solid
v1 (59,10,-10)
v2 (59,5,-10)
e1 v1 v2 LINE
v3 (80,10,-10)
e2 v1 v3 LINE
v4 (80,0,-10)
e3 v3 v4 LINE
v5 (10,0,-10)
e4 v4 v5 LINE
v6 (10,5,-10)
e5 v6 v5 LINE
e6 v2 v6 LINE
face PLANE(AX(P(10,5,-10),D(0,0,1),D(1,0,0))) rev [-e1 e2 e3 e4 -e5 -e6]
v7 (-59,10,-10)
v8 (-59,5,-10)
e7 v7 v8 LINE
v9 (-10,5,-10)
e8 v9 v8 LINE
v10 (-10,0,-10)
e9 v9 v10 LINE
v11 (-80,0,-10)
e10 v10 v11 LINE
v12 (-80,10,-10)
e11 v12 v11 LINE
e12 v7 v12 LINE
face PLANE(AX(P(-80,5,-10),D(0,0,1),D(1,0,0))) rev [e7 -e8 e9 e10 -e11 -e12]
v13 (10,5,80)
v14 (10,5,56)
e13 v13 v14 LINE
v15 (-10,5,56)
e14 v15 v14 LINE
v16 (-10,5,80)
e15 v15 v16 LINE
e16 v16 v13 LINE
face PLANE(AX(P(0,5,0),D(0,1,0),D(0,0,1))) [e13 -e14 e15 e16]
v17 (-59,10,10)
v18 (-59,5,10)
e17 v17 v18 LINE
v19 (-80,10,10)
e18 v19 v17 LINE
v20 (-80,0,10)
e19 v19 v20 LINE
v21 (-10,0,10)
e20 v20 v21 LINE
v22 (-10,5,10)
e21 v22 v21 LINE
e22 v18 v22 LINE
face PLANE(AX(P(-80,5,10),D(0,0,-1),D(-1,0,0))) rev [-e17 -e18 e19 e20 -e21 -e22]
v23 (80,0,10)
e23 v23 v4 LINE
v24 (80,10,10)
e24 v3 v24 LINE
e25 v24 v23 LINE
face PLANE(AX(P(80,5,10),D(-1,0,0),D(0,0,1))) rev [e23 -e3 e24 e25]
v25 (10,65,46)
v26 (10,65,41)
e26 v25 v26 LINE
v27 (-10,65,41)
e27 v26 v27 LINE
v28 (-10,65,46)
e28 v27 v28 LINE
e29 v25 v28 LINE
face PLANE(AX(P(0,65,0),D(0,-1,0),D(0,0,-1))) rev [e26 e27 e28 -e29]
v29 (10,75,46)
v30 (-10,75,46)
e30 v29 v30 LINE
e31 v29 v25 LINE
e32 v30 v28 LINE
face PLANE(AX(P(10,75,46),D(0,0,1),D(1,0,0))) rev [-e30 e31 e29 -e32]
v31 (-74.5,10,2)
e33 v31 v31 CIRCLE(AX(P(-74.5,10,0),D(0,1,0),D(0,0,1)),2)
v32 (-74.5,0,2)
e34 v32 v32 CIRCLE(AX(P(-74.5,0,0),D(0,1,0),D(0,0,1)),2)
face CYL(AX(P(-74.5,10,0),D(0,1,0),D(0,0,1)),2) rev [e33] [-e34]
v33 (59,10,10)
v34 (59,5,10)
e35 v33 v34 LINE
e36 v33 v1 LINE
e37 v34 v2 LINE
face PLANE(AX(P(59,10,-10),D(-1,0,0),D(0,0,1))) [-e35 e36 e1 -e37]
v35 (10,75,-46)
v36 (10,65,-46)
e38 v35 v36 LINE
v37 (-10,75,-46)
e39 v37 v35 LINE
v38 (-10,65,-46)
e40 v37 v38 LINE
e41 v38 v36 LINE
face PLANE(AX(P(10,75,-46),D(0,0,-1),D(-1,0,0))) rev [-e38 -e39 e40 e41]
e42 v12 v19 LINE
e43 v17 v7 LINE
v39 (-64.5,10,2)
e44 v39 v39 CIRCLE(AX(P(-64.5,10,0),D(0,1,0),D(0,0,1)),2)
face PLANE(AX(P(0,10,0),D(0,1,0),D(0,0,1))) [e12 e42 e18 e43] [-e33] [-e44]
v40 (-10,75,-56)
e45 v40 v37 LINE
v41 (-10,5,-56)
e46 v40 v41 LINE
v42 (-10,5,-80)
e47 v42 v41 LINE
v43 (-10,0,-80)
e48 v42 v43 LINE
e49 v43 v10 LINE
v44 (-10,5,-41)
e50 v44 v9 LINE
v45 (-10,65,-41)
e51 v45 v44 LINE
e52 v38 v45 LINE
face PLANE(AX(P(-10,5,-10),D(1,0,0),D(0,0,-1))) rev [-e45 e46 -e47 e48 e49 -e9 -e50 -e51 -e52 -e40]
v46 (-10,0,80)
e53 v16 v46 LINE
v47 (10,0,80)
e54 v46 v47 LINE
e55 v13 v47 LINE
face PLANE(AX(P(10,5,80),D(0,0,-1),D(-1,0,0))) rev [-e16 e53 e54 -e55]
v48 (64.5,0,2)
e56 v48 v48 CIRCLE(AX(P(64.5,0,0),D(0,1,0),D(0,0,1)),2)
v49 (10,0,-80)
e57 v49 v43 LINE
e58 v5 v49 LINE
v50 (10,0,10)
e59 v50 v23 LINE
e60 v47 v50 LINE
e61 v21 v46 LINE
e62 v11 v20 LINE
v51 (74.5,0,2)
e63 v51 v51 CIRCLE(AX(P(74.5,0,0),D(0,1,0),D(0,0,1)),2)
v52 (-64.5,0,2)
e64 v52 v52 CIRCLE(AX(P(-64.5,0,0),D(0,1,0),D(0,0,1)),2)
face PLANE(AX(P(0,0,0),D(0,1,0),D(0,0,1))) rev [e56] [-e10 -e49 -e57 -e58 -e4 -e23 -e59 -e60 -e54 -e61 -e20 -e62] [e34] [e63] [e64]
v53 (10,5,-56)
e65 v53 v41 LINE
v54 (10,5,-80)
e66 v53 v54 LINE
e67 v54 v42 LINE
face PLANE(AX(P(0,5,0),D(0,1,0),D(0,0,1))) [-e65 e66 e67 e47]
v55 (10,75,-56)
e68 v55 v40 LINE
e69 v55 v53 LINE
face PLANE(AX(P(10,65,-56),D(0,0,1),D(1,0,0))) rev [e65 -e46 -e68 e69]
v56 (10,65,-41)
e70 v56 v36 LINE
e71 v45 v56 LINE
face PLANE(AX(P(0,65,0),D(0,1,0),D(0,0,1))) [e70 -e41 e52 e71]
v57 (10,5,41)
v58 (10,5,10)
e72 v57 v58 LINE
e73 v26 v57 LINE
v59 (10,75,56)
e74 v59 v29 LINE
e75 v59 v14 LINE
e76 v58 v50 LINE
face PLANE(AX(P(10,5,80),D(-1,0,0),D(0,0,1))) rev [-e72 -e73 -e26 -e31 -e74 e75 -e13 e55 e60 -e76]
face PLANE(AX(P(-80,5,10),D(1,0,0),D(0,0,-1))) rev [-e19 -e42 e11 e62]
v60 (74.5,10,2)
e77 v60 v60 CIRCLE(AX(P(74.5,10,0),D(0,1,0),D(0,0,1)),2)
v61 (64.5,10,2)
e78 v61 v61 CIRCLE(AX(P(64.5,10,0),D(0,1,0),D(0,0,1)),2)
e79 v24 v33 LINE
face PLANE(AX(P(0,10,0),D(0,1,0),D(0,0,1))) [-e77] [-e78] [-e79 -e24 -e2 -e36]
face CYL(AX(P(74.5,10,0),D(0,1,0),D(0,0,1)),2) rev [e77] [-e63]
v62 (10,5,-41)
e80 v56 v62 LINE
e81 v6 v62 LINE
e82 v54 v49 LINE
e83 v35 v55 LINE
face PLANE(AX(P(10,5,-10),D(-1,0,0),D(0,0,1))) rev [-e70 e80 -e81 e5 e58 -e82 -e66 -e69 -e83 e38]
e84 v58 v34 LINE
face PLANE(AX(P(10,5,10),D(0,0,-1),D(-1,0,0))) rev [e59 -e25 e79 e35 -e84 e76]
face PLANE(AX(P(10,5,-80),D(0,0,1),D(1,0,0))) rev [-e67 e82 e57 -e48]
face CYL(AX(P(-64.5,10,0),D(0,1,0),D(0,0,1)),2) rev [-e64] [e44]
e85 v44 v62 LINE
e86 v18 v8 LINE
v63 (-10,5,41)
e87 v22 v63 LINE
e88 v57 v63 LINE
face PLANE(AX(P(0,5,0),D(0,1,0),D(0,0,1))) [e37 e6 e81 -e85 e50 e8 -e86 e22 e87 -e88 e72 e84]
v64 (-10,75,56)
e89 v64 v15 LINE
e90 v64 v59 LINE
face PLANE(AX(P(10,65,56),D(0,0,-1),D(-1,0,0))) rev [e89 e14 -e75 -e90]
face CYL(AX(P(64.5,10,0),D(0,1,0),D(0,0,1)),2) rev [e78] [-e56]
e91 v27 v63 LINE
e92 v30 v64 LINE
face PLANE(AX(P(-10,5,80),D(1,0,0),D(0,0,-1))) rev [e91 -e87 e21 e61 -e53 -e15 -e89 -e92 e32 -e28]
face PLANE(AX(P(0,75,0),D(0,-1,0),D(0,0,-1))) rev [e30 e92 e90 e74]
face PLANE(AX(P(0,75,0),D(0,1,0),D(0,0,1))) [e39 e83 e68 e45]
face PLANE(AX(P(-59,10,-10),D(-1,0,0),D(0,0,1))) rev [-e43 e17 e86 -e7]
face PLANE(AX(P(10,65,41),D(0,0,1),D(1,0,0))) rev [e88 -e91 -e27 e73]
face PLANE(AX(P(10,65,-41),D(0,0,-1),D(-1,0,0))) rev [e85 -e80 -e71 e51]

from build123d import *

# Parameters (mm, degrees)
BOSS_EXTRUDE1_DEPTH            = 5
SKETCH3_W                      = 21
SKETCH3_H                      = 20
BOSS_EXTRUDE2_DEPTH            = 5
F_4_0MM_DOWEL_HOLE1_AT_2_COUNT = 2
F_4_0MM_DOWEL_HOLE1_AT_2_PITCH = 10
SKETCH15_W                     = 20
SKETCH15_H                     = 15
BOSS_EXTRUDE6_DEPTH            = 60
SKETCH16_W                     = 20
SKETCH16_H                     = 10
BOSS_EXTRUDE7_DEPTH            = 10


with BuildPart() as part:
    # Sketch2 → Boss-Extrude1 (new body)
    with BuildSketch(Plane(origin=(0, 0, 0), x_dir=(1, 0, 0), z_dir=(0, 1, 0))):
        Polygon((-80, -10), (-10, -10), (-10, -80), (10, -80), (10, -10), (80, -10), (80, 10), (10, 10), (10, 80), (-10, 80), (-10, 10), (-80, 10), align=None)
    extrude(amount=BOSS_EXTRUDE1_DEPTH)

    # Sketch3 → Boss-Extrude2 (add)
    with BuildSketch(Plane(origin=(0, 5, 0), x_dir=(1, 0, 0), z_dir=(0, 1, 0))):
        with Locations((-69.5, 0)):
            Rectangle(SKETCH3_W, SKETCH3_H)
    boss_extrude2 = extrude(amount=BOSS_EXTRUDE2_DEPTH)

    # Sketch5 → Ø4.0mm Dowel Hole1 (revolve, cut)
    with BuildSketch(Plane(origin=(-64.5, 10, 0), x_dir=(0, 0, 1), z_dir=(1, 0, 0))):
        Polygon((0, 0), (0, 118.830821238), (2, 117.6291), (2, 0), align=None)
    f_4_0mm_dowel_hole1 = revolve(axis=Axis((-64.5, 16.35, 0), (0, -1, 0)), mode=Mode.SUBTRACT)

    # Ø4.0mm Dowel Hole1 at 2: Ø4.0mm Dowel Hole1 ×2
    with Locations(*[(-i * F_4_0MM_DOWEL_HOLE1_AT_2_PITCH, 0, 0) for i in range(1, F_4_0MM_DOWEL_HOLE1_AT_2_COUNT)]):
        add(f_4_0mm_dowel_hole1, mode=Mode.SUBTRACT)

    # Mirror1: Boss-Extrude2, Ø4.0mm Dowel Hole1 across plane
    add(boss_extrude2.mirror(Plane(origin=(0, 0, 0), x_dir=(0, 0, 1), z_dir=(1, 0, 0))))
    add(f_4_0mm_dowel_hole1.mirror(Plane(origin=(0, 0, 0), x_dir=(0, 0, 1), z_dir=(1, 0, 0))), mode=Mode.SUBTRACT)

    # Mirror1 copy 1 sketch → Mirror1 copy 1 (revolve, cut)
    with BuildSketch(Plane(origin=(74.5, 10, 0), x_dir=(0, 0, 1), z_dir=(-1, 0, 0))):
        Polygon((0, 0), (0, -118.830821238), (2, -117.6291), (2, 0), align=None)
    revolve(axis=Axis((74.5, 16.35, 0), (0, 1, 0)), mode=Mode.SUBTRACT)

    # Sketch15 → Boss-Extrude6 (add)
    with BuildSketch(Plane(origin=(0, 5, 0), x_dir=(1, 0, 0), z_dir=(0, 1, 0))):
        with Locations((0, 48.5)):
            Rectangle(SKETCH15_W, SKETCH15_H)
        with Locations((0, -48.5)):
            Rectangle(SKETCH15_W, SKETCH15_H)
    extrude(amount=BOSS_EXTRUDE6_DEPTH)

    # Sketch16 → Boss-Extrude7 (add)
    with BuildSketch(Plane(origin=(0, 65, 0), x_dir=(1, 0, 0), z_dir=(0, 1, 0))):
        with Locations((0, 51)):
            Rectangle(SKETCH16_W, SKETCH16_H)
        with Locations((0, -51)):
            Rectangle(SKETCH16_W, SKETCH16_H)
    extrude(amount=BOSS_EXTRUDE7_DEPTH)


solid = part.part
